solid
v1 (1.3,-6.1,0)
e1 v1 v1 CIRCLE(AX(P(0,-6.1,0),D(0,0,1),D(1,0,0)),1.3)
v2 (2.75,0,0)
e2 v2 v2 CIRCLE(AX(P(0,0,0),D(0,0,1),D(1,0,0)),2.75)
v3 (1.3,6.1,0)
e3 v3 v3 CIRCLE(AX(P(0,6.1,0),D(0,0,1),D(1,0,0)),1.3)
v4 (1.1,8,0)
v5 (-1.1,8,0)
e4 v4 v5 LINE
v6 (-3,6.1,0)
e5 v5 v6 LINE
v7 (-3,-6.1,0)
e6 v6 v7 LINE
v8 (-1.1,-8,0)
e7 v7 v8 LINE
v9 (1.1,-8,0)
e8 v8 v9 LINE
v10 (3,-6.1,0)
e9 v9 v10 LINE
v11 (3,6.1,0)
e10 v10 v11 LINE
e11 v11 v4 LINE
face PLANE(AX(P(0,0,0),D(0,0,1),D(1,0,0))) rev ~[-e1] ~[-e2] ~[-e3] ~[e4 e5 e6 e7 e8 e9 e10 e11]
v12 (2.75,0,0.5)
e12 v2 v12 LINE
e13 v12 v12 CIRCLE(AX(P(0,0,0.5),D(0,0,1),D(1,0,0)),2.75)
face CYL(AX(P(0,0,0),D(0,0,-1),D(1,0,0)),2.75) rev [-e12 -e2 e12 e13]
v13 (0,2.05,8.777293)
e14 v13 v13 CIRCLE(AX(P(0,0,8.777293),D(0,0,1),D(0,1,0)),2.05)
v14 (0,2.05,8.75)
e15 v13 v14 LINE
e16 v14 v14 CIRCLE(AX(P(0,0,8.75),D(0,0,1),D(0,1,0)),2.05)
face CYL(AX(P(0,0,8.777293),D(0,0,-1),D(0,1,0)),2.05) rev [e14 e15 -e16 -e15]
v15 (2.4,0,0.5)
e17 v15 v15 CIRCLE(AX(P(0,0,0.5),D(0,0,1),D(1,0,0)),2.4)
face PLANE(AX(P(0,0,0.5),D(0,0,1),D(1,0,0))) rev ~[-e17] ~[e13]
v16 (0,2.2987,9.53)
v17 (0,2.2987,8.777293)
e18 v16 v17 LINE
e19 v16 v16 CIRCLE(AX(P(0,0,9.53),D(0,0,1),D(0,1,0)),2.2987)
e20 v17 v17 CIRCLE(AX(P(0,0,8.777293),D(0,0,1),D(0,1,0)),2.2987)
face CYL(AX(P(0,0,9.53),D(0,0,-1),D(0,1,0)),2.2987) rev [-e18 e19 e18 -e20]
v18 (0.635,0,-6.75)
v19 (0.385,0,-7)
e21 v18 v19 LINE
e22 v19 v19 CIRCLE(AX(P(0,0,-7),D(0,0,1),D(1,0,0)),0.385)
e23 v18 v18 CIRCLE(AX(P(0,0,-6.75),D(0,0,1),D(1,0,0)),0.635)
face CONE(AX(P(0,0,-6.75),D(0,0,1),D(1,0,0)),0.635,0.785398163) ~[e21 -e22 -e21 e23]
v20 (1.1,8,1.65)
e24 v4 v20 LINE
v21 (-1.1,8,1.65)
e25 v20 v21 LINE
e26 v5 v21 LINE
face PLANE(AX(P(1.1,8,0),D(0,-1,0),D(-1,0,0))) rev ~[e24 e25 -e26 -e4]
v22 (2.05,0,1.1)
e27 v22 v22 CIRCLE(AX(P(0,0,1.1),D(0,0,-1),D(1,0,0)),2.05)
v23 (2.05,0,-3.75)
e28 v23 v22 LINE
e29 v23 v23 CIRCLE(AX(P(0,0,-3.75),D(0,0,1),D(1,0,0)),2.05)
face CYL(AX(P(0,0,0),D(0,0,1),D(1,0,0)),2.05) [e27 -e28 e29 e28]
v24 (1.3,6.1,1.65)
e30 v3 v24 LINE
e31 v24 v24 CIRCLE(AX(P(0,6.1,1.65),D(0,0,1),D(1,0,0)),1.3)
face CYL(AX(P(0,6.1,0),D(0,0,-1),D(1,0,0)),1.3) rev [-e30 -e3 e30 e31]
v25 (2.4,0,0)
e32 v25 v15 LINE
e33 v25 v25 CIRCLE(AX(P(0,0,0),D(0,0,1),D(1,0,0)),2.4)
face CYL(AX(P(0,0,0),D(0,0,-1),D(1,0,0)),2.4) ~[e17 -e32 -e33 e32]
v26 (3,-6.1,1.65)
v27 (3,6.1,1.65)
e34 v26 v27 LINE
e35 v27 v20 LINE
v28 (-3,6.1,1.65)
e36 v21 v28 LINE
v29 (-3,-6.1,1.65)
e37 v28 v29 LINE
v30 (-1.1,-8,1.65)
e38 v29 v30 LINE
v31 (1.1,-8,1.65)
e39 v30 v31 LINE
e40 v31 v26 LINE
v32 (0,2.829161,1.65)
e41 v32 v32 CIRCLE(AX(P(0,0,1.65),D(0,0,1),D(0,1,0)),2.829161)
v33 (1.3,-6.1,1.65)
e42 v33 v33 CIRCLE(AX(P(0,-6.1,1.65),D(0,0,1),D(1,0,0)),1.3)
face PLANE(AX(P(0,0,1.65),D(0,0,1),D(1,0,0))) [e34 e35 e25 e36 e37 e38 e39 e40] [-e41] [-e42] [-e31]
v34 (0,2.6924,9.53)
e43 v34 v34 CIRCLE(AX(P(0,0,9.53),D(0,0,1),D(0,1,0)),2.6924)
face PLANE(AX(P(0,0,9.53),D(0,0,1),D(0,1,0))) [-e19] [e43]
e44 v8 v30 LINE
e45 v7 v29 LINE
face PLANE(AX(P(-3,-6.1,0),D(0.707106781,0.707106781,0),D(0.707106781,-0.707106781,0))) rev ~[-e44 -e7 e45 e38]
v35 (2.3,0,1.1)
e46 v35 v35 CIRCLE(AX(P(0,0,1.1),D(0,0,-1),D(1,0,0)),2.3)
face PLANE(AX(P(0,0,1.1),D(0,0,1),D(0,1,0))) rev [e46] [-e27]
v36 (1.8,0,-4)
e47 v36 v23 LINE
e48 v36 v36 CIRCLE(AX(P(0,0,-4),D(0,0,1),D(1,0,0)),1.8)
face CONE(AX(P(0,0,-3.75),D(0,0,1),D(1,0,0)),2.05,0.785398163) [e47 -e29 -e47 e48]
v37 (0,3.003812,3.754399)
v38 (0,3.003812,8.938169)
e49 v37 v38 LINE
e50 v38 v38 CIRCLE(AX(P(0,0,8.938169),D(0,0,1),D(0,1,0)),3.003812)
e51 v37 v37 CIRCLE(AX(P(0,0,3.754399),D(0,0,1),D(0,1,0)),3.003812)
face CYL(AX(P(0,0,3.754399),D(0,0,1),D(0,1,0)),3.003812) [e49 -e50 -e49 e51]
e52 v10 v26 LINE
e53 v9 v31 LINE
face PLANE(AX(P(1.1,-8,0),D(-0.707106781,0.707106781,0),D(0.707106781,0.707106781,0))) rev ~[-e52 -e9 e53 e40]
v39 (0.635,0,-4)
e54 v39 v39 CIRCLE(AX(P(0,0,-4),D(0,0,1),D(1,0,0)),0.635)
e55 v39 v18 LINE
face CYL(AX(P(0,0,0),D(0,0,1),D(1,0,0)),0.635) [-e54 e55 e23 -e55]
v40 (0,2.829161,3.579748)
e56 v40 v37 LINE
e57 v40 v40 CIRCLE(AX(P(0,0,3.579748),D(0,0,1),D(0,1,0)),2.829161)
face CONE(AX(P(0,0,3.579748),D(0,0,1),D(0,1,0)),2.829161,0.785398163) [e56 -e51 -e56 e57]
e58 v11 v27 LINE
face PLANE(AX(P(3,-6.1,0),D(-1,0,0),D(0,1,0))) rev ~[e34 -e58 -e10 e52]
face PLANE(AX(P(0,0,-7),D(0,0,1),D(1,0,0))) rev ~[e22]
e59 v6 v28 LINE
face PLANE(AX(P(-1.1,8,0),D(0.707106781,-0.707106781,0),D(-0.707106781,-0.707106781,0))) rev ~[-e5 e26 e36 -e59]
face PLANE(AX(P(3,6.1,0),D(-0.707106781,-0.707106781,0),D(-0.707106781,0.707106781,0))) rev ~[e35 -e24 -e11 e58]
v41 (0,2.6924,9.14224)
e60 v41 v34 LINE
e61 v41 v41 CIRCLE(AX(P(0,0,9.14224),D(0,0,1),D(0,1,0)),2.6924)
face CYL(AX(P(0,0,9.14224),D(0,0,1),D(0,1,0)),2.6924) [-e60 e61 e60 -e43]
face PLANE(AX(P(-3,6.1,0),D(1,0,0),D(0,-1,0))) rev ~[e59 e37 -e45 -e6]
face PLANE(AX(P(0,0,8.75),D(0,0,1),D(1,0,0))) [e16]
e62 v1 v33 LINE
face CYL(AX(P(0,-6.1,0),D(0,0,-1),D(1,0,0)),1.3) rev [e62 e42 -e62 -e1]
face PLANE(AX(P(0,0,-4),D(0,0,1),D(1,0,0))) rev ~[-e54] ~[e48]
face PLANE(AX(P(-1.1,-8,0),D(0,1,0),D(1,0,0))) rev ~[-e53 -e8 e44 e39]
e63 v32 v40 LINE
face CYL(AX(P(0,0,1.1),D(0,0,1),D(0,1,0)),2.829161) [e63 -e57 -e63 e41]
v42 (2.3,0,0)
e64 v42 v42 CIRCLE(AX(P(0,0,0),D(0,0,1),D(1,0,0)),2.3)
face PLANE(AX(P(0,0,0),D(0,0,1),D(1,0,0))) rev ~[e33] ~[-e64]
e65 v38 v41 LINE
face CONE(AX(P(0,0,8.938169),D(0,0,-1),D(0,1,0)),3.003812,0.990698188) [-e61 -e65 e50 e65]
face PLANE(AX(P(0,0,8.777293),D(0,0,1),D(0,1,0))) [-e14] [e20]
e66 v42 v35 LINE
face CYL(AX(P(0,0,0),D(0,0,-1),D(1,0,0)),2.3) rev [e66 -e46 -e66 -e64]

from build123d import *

# Parameters (mm, degrees)
SKETCH_R          = 1.3
SKETCH_R_2        = 2.3
PAD_DEPTH         = 1.65
SKETCH002_R       = 2.75
SKETCH002_R_2     = 2.4
POCKET_DEPTH      = 0.5
SKETCH003_R       = 2.05
SKETCH003_R_2     = 0.635
PAD001_DEPTH      = 8.75
PAD001_DEPTH_BACK = 4
SKETCH004_R       = 0.635
PAD002_DEPTH      = 8.75
PAD002_DEPTH_BACK = 7
CHAMFER_SIZE      = 0.25


with BuildPart() as part:
    # Sketch → Pad (new body)
    with BuildSketch(Plane.XY):
        Polygon((-3, 6.1), (-3, -6.1), (-1.1, -8), (1.1, -8), (3, -6.1), (3, 6.1), (1.1, 8), (-1.1, 8), align=None)
        with Locations((0, 6.1)):
            Circle(SKETCH_R, mode=Mode.SUBTRACT)
        with Locations((0, -6.1)):
            Circle(SKETCH_R, mode=Mode.SUBTRACT)
        Circle(SKETCH_R_2, mode=Mode.SUBTRACT)
    extrude(amount=PAD_DEPTH)

    # Sketch002 → Pocket (cut)
    with BuildSketch(Plane.XY):
        Circle(SKETCH002_R)
        Circle(SKETCH002_R_2, mode=Mode.SUBTRACT)
    extrude(amount=POCKET_DEPTH, mode=Mode.SUBTRACT)

    # Sketch001 → Revolution (revolve)
    with BuildSketch(Plane.YZ):
        Polygon((2.829161, 1.1), (2.829161, 3.579748), (3.003812, 3.754399), (3.003812, 8.938169), (2.6924, 9.14224), (2.6924, 9.53), (2.2987, 9.53), (2.2987, 8.777293), (2.05, 8.777293), (2.05, 1.1), align=None)
    revolve(axis=Axis((0, 0, 0), (0, 0, 1)))

    # Sketch003 → Pad001 (join, two sides)
    with BuildSketch(Plane.XY) as pad001_sk:
        Circle(SKETCH003_R)
        Circle(SKETCH003_R_2, mode=Mode.SUBTRACT)
    extrude(amount=PAD001_DEPTH)
    extrude(pad001_sk.sketch, amount=-PAD001_DEPTH_BACK)

    # Sketch004 → Pad002 (join, two sides)
    with BuildSketch(Plane.XY) as pad002_sk:
        Circle(SKETCH004_R)
    extrude(amount=PAD002_DEPTH)
    extrude(pad002_sk.sketch, amount=-PAD002_DEPTH_BACK)

    # Chamfer
    chamfer_edges = [part.edges().sort_by_distance(p)[0] for p in [
        (-2.05, 0, -4),
        (-0.635, 0, -7),
    ]]
    chamfer(chamfer_edges, length=CHAMFER_SIZE)


solid = part.part
